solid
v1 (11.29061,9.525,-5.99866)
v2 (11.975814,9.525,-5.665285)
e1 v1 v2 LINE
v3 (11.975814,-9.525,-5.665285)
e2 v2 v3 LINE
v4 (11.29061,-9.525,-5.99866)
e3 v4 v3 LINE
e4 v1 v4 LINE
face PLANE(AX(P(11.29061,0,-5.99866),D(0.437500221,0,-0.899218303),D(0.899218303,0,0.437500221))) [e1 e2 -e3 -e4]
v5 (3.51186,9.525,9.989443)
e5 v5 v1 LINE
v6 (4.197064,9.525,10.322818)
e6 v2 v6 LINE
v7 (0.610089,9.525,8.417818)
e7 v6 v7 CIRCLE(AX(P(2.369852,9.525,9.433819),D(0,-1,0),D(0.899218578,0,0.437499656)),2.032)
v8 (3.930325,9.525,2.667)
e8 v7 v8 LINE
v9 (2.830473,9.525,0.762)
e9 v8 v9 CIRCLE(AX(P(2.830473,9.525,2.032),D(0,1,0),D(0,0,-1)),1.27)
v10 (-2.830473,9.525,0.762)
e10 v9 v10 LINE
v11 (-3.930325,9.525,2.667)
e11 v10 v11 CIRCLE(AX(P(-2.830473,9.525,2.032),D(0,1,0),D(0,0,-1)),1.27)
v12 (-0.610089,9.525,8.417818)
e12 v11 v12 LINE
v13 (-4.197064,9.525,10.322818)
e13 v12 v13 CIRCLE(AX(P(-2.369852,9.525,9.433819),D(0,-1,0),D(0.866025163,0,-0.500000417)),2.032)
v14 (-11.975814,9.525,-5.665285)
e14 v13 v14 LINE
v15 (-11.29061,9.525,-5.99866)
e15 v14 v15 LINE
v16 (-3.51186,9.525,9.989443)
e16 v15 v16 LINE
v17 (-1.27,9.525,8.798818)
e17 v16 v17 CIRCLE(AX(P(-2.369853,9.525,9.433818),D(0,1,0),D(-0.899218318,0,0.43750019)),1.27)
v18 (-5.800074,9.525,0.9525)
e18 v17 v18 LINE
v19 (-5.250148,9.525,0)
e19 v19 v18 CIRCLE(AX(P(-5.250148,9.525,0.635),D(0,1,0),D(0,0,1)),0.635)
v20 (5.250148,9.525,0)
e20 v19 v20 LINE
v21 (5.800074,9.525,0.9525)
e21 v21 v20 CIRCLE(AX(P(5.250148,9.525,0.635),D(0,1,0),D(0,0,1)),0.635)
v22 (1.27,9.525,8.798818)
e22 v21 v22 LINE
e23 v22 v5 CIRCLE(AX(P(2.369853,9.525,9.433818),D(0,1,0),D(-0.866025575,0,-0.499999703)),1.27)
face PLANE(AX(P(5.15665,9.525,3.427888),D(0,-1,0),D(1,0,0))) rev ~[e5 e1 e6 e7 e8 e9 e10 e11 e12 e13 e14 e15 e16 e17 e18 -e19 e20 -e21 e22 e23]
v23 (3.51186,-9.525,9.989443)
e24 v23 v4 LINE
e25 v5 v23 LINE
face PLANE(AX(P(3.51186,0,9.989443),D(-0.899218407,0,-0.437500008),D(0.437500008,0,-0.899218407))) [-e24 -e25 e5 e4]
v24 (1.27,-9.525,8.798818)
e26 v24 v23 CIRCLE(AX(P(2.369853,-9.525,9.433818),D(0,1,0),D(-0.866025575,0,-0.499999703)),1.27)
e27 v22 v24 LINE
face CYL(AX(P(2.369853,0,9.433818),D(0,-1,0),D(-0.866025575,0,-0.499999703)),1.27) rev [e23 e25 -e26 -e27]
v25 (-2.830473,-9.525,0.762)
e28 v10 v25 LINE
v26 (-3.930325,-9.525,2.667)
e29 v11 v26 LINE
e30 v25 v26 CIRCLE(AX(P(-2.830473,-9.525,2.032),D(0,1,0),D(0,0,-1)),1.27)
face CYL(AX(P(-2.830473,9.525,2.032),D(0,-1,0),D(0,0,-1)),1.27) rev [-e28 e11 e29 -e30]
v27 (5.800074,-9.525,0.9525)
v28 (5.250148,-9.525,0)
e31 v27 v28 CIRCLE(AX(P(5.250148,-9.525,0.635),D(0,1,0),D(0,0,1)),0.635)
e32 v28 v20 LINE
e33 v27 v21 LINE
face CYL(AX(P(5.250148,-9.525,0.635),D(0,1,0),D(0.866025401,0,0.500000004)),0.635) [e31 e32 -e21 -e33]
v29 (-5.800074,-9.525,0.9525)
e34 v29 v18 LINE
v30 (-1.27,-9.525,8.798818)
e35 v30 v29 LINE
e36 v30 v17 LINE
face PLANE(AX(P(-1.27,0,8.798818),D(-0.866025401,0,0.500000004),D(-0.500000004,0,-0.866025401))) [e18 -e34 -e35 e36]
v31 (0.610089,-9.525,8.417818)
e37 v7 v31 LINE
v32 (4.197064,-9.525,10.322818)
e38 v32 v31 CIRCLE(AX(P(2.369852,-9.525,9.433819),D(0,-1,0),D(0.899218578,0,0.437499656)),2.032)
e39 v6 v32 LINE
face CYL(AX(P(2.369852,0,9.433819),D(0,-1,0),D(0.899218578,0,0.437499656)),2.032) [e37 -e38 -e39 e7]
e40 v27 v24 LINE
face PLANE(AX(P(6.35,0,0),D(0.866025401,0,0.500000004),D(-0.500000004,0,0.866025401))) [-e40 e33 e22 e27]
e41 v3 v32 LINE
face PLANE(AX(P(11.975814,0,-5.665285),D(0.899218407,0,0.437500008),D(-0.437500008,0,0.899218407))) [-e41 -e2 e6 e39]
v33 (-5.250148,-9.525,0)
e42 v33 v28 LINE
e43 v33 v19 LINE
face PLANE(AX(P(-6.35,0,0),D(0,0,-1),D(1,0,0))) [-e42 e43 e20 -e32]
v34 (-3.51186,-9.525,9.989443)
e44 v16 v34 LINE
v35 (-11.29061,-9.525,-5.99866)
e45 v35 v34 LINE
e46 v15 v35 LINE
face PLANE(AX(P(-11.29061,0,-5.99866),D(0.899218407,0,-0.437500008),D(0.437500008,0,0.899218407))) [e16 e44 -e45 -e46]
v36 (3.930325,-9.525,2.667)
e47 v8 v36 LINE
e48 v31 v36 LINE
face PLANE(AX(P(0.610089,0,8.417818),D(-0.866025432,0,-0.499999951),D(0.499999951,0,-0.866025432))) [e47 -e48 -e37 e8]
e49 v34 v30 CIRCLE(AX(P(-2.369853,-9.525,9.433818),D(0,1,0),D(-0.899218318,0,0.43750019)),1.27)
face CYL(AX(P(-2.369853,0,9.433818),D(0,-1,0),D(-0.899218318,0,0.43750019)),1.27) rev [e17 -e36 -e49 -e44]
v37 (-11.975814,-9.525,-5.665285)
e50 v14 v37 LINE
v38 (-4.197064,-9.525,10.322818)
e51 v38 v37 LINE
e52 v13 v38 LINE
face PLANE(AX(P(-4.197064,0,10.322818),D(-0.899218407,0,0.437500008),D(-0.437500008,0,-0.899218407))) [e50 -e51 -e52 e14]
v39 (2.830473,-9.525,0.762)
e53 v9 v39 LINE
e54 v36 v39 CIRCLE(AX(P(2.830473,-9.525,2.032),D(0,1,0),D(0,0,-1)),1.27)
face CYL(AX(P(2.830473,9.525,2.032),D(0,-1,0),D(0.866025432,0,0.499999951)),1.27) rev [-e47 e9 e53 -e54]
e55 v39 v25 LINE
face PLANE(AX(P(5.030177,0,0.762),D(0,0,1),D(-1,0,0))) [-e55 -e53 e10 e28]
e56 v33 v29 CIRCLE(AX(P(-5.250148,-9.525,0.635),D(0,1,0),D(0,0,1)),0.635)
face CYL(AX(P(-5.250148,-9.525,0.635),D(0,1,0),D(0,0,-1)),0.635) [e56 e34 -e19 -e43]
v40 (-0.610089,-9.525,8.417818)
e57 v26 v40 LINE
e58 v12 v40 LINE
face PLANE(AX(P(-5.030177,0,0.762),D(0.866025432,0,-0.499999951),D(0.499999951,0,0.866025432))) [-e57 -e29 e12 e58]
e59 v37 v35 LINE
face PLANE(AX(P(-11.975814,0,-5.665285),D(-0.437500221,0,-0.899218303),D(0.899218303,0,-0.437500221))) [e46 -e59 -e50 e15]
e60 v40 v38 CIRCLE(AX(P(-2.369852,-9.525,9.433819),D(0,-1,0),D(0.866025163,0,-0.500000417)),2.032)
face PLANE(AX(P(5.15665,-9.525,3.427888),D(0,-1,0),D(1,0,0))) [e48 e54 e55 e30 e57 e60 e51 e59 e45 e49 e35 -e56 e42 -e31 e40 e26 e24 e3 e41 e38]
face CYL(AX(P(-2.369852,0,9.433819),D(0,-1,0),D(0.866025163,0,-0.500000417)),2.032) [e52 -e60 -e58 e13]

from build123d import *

# Parameters (mm, degrees)
F1_DEPTH = 9.525
F2_R     = 0.635
F3_R     = 1.27


with BuildPart() as f1:
    # F0 (on Front) → F1 (new body, symmetric)
    with BuildSketch(Plane.XZ):
        with BuildLine():
            Line((0, 0.762), (0, 0))
            Line((0, 0), (6.35, 0))
            Line((6.35, 0), (1.27, 8.798818))
            ThreePointArc((1.27, 8.798818), (1.774167, 10.55545), (3.51186, 9.989443))
            Line((3.51186, 9.989443), (11.29061, -5.99866))
            Line((11.29061, -5.99866), (11.975814, -5.665285))
            Line((11.975814, -5.665285), (4.197064, 10.322818))
            ThreePointArc((4.197064, 10.322818), (1.416755, 11.22843), (0.610089, 8.417818))
            Line((0.610089, 8.417818), (5.030177, 0.762))
            Line((5.030177, 0.762), (0, 0.762))
        make_face()
        with BuildLine():
            Line((-6.35, 0), (0, 0))
            Line((0, 0), (0, 0.762))
            Line((0, 0.762), (-5.030177, 0.762))
            Line((-5.030177, 0.762), (-0.610089, 8.417818))
            ThreePointArc((-0.610089, 8.417818), (-1.416755, 11.22843), (-4.197064, 10.322818))
            Line((-4.197064, 10.322818), (-11.975814, -5.665285))
            Line((-11.975814, -5.665285), (-11.29061, -5.99866))
            Line((-11.29061, -5.99866), (-3.51186, 9.989443))
            ThreePointArc((-3.51186, 9.989443), (-1.774167, 10.55545), (-1.27, 8.798818))
            Line((-1.27, 8.798818), (-6.35, 0))
        make_face()
    extrude(amount=F1_DEPTH, both=True)

    # F2
    f2_edges = [f1.edges().sort_by_distance(p)[0] for p in [
        (6.35, 0, 0),
        (-6.35, 0, 0),
    ]]
    fillet(f2_edges, radius=F2_R)

    # F3
    f3_edges = [f1.edges().sort_by_distance(p)[0] for p in [
        (5.030177, 0, 0.762),
        (-5.030177, 0, 0.762),
    ]]
    fillet(f3_edges, radius=F3_R)


solid = f1.part
